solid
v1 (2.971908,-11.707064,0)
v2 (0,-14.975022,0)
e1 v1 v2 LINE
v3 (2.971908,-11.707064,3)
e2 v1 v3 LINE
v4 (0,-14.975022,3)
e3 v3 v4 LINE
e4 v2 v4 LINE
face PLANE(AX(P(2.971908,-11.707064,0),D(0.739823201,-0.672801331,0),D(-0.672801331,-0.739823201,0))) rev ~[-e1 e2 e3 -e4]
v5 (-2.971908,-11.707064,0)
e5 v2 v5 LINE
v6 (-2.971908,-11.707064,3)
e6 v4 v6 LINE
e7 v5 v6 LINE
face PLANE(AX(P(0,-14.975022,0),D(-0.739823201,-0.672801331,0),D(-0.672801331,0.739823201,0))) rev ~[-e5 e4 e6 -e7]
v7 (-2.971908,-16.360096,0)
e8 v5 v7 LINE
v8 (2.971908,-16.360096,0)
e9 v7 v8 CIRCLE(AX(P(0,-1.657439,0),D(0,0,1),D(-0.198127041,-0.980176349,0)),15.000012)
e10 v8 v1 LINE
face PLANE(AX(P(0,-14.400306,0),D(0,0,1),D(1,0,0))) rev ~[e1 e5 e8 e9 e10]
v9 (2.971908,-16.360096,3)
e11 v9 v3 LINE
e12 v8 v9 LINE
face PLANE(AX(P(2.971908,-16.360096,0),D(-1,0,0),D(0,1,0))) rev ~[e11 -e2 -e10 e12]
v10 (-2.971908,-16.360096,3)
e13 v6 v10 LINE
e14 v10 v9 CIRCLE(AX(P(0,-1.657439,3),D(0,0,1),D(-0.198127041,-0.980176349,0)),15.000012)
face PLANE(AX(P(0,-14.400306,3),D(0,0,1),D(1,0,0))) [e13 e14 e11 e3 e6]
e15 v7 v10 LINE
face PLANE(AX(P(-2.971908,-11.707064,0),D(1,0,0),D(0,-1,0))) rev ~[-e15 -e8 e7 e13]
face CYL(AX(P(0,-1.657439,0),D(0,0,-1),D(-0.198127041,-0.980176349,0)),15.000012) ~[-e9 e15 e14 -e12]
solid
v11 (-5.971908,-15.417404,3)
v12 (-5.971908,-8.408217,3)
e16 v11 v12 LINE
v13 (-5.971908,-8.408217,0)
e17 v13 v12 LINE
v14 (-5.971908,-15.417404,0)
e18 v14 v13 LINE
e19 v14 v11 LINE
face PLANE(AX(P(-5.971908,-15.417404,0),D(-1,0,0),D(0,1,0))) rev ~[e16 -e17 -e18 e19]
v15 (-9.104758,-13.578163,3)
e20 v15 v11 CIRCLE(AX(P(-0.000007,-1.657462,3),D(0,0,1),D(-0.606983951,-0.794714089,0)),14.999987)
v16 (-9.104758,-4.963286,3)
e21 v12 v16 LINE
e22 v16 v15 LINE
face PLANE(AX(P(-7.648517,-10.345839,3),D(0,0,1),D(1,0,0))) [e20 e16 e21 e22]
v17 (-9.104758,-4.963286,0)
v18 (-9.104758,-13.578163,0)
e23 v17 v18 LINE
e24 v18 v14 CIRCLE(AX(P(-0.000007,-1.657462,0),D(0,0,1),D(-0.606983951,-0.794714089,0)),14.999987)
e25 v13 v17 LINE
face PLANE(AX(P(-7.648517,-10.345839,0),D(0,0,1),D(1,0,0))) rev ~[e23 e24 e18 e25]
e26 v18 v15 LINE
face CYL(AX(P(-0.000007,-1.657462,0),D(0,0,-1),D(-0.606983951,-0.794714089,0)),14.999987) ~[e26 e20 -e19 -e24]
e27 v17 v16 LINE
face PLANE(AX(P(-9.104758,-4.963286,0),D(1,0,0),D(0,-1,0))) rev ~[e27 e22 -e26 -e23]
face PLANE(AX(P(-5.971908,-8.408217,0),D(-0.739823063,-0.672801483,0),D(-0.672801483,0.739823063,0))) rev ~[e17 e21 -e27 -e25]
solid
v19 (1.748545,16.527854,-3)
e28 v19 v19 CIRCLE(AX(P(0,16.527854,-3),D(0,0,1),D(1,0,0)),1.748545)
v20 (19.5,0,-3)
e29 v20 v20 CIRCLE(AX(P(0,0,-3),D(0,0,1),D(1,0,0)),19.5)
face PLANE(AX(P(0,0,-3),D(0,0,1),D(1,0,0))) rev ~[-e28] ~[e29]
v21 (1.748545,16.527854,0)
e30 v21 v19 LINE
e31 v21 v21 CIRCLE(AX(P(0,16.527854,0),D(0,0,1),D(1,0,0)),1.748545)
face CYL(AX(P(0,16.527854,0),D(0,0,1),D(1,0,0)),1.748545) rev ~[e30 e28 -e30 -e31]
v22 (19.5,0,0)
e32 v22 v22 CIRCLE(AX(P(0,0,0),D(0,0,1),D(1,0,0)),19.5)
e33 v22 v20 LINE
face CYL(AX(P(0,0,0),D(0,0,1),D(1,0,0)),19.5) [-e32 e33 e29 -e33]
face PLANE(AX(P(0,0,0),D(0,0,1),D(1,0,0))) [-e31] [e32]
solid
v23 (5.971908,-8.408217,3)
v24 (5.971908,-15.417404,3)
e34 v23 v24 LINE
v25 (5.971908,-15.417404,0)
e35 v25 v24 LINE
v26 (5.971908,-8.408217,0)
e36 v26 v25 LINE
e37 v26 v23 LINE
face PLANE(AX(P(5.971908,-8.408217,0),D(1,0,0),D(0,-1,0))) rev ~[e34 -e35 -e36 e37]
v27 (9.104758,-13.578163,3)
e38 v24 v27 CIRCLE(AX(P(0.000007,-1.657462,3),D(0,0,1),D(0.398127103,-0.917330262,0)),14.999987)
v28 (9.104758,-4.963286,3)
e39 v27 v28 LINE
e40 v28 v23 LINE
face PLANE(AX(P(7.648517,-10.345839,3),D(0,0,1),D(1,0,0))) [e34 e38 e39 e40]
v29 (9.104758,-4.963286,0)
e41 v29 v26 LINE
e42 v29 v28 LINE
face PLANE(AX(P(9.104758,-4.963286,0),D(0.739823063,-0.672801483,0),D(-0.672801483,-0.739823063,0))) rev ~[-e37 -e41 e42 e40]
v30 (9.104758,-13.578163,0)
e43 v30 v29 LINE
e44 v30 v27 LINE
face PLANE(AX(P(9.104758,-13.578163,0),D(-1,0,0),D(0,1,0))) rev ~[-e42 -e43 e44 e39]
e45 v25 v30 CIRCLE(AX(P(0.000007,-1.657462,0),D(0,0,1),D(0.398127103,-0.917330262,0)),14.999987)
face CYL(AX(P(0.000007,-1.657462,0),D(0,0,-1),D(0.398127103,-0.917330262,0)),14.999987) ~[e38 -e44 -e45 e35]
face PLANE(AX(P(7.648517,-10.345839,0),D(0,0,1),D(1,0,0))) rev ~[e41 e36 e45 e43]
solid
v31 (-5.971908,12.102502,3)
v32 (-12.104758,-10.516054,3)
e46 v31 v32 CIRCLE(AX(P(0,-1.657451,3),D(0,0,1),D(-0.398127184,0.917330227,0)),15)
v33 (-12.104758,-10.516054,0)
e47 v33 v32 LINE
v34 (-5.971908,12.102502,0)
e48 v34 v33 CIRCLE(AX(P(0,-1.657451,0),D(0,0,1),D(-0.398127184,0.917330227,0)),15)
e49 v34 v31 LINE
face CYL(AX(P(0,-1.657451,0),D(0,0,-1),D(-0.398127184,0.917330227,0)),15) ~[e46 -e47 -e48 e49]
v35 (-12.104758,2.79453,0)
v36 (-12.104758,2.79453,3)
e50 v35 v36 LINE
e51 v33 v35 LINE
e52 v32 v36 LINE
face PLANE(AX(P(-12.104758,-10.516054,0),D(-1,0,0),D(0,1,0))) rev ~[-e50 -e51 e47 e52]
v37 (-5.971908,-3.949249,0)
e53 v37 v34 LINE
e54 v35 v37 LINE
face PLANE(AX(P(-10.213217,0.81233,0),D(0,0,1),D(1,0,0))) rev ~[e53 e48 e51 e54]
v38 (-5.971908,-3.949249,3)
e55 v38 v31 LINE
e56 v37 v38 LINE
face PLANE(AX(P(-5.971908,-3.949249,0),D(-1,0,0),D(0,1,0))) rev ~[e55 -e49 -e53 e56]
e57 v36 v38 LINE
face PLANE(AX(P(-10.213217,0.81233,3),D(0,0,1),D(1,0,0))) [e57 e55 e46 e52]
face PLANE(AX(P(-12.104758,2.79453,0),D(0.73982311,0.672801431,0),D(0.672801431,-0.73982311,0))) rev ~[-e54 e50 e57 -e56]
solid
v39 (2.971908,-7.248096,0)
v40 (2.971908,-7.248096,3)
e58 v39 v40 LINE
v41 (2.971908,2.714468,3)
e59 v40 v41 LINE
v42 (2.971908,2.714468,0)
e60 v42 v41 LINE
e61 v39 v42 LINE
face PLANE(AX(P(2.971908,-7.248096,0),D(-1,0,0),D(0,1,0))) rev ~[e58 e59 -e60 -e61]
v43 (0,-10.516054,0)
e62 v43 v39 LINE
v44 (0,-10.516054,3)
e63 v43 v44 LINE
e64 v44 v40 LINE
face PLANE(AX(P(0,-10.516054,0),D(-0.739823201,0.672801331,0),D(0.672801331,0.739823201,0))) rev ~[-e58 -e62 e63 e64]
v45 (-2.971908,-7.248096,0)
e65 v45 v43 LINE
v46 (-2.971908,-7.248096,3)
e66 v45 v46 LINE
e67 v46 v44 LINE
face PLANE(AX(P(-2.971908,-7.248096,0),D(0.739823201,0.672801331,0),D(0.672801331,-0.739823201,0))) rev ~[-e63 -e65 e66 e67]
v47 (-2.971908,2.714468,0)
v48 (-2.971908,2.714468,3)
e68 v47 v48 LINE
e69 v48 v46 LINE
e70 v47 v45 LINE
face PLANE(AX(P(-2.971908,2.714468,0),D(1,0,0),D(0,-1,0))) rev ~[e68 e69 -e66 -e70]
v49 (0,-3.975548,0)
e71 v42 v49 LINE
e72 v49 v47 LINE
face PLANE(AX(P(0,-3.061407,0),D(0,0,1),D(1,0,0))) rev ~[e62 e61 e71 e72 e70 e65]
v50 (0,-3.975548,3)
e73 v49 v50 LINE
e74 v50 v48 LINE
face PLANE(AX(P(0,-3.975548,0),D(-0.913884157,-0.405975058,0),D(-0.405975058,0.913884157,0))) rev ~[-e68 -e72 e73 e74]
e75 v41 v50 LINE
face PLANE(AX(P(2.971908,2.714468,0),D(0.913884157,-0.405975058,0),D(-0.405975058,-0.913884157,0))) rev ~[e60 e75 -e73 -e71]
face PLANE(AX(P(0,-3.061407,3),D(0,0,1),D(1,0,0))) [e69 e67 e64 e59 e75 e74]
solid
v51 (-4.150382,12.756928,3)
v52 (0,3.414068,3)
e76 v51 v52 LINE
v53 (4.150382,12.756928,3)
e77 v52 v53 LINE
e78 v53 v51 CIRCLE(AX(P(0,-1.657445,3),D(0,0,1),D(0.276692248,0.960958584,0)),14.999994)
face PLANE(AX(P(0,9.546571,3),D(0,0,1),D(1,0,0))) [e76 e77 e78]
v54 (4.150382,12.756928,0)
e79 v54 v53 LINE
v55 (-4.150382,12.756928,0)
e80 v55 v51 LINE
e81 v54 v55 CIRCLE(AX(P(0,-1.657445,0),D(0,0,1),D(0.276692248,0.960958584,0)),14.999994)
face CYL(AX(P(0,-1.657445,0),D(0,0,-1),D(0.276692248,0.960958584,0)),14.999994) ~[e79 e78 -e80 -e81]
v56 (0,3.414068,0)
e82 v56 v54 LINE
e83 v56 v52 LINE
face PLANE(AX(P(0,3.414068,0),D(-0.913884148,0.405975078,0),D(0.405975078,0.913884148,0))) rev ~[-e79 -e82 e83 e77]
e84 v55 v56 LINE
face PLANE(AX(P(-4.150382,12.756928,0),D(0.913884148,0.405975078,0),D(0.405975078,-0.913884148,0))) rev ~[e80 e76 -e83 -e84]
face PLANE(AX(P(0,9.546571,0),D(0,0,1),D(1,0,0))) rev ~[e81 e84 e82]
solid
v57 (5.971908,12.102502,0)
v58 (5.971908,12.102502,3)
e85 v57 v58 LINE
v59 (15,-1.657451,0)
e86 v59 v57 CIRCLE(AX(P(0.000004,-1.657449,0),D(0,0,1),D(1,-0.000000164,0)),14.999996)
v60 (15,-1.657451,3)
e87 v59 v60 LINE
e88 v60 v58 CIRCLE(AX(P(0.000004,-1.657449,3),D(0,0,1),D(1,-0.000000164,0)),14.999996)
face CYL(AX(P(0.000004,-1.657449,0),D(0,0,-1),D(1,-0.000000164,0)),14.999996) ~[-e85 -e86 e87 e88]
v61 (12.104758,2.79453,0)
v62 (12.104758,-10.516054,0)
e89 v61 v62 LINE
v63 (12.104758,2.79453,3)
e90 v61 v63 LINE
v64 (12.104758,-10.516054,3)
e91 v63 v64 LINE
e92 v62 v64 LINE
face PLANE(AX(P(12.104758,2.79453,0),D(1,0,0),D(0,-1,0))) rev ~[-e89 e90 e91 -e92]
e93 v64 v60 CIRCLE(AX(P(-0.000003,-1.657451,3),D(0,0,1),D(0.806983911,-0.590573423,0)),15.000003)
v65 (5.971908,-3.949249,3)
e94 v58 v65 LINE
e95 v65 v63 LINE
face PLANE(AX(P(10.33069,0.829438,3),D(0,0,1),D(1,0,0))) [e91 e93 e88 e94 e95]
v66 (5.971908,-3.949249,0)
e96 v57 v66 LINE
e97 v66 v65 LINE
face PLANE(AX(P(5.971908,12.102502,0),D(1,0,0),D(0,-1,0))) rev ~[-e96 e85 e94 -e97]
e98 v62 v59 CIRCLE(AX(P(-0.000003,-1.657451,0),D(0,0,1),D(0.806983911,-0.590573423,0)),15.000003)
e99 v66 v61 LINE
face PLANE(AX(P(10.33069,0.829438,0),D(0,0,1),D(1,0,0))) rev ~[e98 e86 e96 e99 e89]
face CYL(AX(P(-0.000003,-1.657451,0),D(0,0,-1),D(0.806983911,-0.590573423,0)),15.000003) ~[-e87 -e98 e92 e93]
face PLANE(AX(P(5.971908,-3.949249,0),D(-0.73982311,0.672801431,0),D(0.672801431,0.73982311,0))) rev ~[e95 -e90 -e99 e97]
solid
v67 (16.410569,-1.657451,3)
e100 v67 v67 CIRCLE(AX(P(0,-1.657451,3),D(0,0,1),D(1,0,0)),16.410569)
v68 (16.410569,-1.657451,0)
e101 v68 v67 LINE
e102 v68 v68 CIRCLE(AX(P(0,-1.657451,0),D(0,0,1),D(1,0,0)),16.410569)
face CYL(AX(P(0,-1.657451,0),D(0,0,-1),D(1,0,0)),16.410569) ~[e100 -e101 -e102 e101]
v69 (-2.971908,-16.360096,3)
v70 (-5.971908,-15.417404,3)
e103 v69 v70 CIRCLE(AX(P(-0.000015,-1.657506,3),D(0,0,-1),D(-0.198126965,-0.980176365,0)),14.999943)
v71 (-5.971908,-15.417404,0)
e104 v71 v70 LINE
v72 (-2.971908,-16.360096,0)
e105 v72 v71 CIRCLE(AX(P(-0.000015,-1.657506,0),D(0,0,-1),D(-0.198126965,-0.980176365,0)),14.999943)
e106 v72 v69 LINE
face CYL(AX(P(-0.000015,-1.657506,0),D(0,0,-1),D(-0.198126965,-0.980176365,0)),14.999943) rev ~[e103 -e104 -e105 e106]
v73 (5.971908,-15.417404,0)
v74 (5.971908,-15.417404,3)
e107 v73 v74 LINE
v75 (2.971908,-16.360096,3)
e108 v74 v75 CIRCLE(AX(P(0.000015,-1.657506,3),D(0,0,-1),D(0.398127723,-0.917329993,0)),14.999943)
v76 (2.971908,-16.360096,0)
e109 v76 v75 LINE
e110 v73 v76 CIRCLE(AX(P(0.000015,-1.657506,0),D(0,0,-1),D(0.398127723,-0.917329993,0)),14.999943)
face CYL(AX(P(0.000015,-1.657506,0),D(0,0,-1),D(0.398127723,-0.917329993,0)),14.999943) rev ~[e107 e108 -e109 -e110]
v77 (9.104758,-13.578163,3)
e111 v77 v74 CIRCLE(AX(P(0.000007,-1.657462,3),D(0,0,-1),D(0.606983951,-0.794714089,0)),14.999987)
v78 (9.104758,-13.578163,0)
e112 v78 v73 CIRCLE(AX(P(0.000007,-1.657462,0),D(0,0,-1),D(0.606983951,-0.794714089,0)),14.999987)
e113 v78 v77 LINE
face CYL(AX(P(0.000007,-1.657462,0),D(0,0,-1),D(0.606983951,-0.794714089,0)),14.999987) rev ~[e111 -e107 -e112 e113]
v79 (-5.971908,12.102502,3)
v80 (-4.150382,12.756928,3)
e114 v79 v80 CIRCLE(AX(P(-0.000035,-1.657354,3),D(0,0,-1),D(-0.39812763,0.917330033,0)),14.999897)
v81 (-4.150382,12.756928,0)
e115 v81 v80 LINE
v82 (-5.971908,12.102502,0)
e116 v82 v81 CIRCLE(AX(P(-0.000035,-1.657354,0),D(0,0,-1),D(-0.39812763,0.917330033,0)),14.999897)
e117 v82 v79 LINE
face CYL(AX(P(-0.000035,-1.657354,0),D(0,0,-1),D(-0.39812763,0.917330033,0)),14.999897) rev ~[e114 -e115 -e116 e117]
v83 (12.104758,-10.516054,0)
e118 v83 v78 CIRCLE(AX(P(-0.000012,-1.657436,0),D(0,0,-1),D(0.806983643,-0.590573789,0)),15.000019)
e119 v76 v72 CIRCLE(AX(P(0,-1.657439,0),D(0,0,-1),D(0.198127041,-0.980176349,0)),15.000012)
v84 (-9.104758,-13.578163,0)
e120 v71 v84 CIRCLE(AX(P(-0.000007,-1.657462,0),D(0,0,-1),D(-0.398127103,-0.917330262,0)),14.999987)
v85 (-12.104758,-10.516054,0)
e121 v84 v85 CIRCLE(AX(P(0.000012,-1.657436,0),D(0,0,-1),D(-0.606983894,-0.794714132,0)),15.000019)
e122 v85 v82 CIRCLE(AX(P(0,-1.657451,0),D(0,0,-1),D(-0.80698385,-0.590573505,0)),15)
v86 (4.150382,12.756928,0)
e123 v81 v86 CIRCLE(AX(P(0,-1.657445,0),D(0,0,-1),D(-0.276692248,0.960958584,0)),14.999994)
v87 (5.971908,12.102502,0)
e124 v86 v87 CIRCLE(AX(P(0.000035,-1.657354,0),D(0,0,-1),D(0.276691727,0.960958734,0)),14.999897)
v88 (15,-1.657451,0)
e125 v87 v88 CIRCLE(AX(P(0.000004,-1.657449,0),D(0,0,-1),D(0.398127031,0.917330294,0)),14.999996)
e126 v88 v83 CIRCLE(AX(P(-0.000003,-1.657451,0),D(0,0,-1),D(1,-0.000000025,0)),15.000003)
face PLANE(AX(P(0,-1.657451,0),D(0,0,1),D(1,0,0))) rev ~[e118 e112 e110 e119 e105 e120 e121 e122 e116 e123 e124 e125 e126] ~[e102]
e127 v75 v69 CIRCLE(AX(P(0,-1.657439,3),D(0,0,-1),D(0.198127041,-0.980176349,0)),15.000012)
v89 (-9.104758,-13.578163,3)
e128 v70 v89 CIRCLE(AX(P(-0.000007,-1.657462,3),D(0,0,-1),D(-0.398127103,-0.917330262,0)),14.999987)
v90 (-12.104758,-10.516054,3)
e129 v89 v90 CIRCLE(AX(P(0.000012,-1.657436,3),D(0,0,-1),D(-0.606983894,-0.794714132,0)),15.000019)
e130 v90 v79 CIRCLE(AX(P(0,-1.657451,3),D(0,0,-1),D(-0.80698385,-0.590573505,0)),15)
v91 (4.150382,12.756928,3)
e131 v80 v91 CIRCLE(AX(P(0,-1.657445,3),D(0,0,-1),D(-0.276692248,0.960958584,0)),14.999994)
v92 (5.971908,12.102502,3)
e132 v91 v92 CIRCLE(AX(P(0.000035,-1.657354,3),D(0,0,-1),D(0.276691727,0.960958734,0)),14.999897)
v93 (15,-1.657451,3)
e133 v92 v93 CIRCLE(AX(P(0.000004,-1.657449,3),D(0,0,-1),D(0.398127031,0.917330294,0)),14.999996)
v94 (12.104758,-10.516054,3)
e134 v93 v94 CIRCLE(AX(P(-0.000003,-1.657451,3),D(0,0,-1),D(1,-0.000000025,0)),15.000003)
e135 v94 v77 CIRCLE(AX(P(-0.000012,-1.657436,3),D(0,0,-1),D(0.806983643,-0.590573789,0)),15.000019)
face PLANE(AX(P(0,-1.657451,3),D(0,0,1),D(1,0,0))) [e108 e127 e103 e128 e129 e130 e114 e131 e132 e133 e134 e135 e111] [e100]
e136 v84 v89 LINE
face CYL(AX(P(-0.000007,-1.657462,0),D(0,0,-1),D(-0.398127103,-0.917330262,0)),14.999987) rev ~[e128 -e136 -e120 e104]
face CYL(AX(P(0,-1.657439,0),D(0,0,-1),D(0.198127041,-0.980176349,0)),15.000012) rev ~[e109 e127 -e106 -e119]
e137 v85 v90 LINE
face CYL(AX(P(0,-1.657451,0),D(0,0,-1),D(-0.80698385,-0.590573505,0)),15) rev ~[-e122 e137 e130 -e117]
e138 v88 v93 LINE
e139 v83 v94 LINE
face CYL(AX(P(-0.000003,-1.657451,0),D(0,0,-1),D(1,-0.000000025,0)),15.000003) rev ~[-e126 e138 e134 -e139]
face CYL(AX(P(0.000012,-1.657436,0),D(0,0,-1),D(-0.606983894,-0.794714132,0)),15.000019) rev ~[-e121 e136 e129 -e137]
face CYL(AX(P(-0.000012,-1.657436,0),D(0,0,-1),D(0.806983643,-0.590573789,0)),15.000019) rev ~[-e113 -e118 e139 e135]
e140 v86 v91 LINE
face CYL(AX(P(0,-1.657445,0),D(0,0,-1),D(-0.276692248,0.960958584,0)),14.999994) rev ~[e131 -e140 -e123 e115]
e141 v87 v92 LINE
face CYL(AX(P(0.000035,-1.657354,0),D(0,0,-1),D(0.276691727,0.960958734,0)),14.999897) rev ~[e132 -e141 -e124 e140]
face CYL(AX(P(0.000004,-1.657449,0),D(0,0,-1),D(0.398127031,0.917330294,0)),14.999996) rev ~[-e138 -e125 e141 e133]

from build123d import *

# Parameters (mm, degrees)
F1_DEPTH = 3
F2_R     = 19.5
F2_R_2   = 1.748545
F3_DEPTH = 3
F0_R     = 16.410569
F4_DEPTH = 3


with BuildPart() as f1:
    # F0 (on Top) → F1 (new body)
    with BuildSketch(Plane.XY):
        with BuildLine():
            Line((-5.971908, -3.949249), (-5.971908, 12.102502))
            ThreePointArc((-5.971908, 12.102502), (-14.477266, 2.26795), (-12.104758, -10.516054))
            Line((-12.104758, -10.516054), (-12.104758, 2.79453))
            Line((-12.104758, 2.79453), (-5.971908, -3.949249))
        make_face()
        with BuildLine():
            Line((0, 3.414068), (4.150382, 12.756928))
            ThreePointArc((4.150382, 12.756928), (0, 13.342549), (-4.150382, 12.756928))
            Line((-4.150382, 12.756928), (0, 3.414068))
        make_face()
        with BuildLine():
            ThreePointArc((12.104758, -10.516054), (14.257829, -6.317313), (15, -1.657451))
            ThreePointArc((15, -1.657451), (12.541504, 6.5712), (5.971908, 12.102502))
            Line((5.971908, 12.102502), (5.971908, -3.949249))
            Line((5.971908, -3.949249), (12.104758, 2.79453))
            Line((12.104758, 2.79453), (12.104758, -10.516054))
        make_face()
        with BuildLine():
            ThreePointArc((5.971908, -15.417404), (7.594219, -14.592977), (9.104758, -13.578163))
            Line((9.104758, -13.578163), (9.104758, -4.963286))
            Line((9.104758, -4.963286), (5.971908, -8.408217))
            Line((5.971908, -8.408217), (5.971908, -15.417404))
        make_face()
        Polygon((2.971908, -7.248096), (2.971908, 2.714468), (0, -3.975548), (-2.971908, 2.714468), (-2.971908, -7.248096), (0, -10.516054), align=None)
        with BuildLine():
            ThreePointArc((-2.971908, -16.360096), (0, -16.657451), (2.971908, -16.360096))
            Line((2.971908, -16.360096), (2.971908, -13.733779))
            Line((2.971908, -13.733779), (2.971908, -11.707064))
            Line((2.971908, -11.707064), (0, -14.975022))
            Line((0, -14.975022), (-2.971908, -11.707064))
            Line((-2.971908, -11.707064), (-2.971908, -16.360096))
        make_face()
        with BuildLine():
            Line((-9.104758, -4.963286), (-9.104758, -13.578163))
            ThreePointArc((-9.104758, -13.578163), (-7.594219, -14.592977), (-5.971908, -15.417404))
            Line((-5.971908, -15.417404), (-5.971908, -8.408217))
            Line((-5.971908, -8.408217), (-9.104758, -4.963286))
        make_face()
    extrude(amount=F1_DEPTH)


with BuildPart() as f3:
    # F2 (on Top) → F3 (new body)
    with BuildSketch(Plane.XY):
        Circle(F2_R)
        with Locations((0, 16.527854)):
            Circle(F2_R_2, mode=Mode.SUBTRACT)
    extrude(amount=-F3_DEPTH)


with BuildPart() as f4:
    # F0 (on Top) → F4 (new body)
    with BuildSketch(Plane.XY):
        with Locations((0, -1.657451)):
            Circle(F0_R)
        with BuildLine():
            ThreePointArc((5.971908, 12.102502), (12.541504, 6.5712), (15, -1.657451))
            ThreePointArc((15, -1.657451), (14.257829, -6.317313), (12.104758, -10.516054))
            ThreePointArc((12.104758, -10.516054), (10.71471, -12.154831), (9.104758, -13.578163))
            ThreePointArc((9.104758, -13.578163), (7.594219, -14.592977), (5.971908, -15.417404))
            ThreePointArc((5.971908, -15.417404), (4.49668, -15.967583), (2.971908, -16.360096))
            ThreePointArc((2.971908, -16.360096), (0, -16.657451), (-2.971908, -16.360096))
            ThreePointArc((-2.971908, -16.360096), (-4.49668, -15.967583), (-5.971908, -15.417404))
            ThreePointArc((-5.971908, -15.417404), (-7.594219, -14.592977), (-9.104758, -13.578163))
            ThreePointArc((-9.104758, -13.578163), (-10.71471, -12.154831), (-12.104758, -10.516054))
            ThreePointArc((-12.104758, -10.516054), (-14.477266, 2.26795), (-5.971908, 12.102502))
            ThreePointArc((-5.971908, 12.102502), (-5.071711, 12.459126), (-4.150382, 12.756928))
            ThreePointArc((-4.150382, 12.756928), (0, 13.342549), (4.150382, 12.756928))
            ThreePointArc((4.150382, 12.756928), (5.071711, 12.459126), (5.971908, 12.102502))
        make_face(mode=Mode.SUBTRACT)
    extrude(amount=F4_DEPTH)


solid = Compound([f1.part, f3.part, f4.part])
